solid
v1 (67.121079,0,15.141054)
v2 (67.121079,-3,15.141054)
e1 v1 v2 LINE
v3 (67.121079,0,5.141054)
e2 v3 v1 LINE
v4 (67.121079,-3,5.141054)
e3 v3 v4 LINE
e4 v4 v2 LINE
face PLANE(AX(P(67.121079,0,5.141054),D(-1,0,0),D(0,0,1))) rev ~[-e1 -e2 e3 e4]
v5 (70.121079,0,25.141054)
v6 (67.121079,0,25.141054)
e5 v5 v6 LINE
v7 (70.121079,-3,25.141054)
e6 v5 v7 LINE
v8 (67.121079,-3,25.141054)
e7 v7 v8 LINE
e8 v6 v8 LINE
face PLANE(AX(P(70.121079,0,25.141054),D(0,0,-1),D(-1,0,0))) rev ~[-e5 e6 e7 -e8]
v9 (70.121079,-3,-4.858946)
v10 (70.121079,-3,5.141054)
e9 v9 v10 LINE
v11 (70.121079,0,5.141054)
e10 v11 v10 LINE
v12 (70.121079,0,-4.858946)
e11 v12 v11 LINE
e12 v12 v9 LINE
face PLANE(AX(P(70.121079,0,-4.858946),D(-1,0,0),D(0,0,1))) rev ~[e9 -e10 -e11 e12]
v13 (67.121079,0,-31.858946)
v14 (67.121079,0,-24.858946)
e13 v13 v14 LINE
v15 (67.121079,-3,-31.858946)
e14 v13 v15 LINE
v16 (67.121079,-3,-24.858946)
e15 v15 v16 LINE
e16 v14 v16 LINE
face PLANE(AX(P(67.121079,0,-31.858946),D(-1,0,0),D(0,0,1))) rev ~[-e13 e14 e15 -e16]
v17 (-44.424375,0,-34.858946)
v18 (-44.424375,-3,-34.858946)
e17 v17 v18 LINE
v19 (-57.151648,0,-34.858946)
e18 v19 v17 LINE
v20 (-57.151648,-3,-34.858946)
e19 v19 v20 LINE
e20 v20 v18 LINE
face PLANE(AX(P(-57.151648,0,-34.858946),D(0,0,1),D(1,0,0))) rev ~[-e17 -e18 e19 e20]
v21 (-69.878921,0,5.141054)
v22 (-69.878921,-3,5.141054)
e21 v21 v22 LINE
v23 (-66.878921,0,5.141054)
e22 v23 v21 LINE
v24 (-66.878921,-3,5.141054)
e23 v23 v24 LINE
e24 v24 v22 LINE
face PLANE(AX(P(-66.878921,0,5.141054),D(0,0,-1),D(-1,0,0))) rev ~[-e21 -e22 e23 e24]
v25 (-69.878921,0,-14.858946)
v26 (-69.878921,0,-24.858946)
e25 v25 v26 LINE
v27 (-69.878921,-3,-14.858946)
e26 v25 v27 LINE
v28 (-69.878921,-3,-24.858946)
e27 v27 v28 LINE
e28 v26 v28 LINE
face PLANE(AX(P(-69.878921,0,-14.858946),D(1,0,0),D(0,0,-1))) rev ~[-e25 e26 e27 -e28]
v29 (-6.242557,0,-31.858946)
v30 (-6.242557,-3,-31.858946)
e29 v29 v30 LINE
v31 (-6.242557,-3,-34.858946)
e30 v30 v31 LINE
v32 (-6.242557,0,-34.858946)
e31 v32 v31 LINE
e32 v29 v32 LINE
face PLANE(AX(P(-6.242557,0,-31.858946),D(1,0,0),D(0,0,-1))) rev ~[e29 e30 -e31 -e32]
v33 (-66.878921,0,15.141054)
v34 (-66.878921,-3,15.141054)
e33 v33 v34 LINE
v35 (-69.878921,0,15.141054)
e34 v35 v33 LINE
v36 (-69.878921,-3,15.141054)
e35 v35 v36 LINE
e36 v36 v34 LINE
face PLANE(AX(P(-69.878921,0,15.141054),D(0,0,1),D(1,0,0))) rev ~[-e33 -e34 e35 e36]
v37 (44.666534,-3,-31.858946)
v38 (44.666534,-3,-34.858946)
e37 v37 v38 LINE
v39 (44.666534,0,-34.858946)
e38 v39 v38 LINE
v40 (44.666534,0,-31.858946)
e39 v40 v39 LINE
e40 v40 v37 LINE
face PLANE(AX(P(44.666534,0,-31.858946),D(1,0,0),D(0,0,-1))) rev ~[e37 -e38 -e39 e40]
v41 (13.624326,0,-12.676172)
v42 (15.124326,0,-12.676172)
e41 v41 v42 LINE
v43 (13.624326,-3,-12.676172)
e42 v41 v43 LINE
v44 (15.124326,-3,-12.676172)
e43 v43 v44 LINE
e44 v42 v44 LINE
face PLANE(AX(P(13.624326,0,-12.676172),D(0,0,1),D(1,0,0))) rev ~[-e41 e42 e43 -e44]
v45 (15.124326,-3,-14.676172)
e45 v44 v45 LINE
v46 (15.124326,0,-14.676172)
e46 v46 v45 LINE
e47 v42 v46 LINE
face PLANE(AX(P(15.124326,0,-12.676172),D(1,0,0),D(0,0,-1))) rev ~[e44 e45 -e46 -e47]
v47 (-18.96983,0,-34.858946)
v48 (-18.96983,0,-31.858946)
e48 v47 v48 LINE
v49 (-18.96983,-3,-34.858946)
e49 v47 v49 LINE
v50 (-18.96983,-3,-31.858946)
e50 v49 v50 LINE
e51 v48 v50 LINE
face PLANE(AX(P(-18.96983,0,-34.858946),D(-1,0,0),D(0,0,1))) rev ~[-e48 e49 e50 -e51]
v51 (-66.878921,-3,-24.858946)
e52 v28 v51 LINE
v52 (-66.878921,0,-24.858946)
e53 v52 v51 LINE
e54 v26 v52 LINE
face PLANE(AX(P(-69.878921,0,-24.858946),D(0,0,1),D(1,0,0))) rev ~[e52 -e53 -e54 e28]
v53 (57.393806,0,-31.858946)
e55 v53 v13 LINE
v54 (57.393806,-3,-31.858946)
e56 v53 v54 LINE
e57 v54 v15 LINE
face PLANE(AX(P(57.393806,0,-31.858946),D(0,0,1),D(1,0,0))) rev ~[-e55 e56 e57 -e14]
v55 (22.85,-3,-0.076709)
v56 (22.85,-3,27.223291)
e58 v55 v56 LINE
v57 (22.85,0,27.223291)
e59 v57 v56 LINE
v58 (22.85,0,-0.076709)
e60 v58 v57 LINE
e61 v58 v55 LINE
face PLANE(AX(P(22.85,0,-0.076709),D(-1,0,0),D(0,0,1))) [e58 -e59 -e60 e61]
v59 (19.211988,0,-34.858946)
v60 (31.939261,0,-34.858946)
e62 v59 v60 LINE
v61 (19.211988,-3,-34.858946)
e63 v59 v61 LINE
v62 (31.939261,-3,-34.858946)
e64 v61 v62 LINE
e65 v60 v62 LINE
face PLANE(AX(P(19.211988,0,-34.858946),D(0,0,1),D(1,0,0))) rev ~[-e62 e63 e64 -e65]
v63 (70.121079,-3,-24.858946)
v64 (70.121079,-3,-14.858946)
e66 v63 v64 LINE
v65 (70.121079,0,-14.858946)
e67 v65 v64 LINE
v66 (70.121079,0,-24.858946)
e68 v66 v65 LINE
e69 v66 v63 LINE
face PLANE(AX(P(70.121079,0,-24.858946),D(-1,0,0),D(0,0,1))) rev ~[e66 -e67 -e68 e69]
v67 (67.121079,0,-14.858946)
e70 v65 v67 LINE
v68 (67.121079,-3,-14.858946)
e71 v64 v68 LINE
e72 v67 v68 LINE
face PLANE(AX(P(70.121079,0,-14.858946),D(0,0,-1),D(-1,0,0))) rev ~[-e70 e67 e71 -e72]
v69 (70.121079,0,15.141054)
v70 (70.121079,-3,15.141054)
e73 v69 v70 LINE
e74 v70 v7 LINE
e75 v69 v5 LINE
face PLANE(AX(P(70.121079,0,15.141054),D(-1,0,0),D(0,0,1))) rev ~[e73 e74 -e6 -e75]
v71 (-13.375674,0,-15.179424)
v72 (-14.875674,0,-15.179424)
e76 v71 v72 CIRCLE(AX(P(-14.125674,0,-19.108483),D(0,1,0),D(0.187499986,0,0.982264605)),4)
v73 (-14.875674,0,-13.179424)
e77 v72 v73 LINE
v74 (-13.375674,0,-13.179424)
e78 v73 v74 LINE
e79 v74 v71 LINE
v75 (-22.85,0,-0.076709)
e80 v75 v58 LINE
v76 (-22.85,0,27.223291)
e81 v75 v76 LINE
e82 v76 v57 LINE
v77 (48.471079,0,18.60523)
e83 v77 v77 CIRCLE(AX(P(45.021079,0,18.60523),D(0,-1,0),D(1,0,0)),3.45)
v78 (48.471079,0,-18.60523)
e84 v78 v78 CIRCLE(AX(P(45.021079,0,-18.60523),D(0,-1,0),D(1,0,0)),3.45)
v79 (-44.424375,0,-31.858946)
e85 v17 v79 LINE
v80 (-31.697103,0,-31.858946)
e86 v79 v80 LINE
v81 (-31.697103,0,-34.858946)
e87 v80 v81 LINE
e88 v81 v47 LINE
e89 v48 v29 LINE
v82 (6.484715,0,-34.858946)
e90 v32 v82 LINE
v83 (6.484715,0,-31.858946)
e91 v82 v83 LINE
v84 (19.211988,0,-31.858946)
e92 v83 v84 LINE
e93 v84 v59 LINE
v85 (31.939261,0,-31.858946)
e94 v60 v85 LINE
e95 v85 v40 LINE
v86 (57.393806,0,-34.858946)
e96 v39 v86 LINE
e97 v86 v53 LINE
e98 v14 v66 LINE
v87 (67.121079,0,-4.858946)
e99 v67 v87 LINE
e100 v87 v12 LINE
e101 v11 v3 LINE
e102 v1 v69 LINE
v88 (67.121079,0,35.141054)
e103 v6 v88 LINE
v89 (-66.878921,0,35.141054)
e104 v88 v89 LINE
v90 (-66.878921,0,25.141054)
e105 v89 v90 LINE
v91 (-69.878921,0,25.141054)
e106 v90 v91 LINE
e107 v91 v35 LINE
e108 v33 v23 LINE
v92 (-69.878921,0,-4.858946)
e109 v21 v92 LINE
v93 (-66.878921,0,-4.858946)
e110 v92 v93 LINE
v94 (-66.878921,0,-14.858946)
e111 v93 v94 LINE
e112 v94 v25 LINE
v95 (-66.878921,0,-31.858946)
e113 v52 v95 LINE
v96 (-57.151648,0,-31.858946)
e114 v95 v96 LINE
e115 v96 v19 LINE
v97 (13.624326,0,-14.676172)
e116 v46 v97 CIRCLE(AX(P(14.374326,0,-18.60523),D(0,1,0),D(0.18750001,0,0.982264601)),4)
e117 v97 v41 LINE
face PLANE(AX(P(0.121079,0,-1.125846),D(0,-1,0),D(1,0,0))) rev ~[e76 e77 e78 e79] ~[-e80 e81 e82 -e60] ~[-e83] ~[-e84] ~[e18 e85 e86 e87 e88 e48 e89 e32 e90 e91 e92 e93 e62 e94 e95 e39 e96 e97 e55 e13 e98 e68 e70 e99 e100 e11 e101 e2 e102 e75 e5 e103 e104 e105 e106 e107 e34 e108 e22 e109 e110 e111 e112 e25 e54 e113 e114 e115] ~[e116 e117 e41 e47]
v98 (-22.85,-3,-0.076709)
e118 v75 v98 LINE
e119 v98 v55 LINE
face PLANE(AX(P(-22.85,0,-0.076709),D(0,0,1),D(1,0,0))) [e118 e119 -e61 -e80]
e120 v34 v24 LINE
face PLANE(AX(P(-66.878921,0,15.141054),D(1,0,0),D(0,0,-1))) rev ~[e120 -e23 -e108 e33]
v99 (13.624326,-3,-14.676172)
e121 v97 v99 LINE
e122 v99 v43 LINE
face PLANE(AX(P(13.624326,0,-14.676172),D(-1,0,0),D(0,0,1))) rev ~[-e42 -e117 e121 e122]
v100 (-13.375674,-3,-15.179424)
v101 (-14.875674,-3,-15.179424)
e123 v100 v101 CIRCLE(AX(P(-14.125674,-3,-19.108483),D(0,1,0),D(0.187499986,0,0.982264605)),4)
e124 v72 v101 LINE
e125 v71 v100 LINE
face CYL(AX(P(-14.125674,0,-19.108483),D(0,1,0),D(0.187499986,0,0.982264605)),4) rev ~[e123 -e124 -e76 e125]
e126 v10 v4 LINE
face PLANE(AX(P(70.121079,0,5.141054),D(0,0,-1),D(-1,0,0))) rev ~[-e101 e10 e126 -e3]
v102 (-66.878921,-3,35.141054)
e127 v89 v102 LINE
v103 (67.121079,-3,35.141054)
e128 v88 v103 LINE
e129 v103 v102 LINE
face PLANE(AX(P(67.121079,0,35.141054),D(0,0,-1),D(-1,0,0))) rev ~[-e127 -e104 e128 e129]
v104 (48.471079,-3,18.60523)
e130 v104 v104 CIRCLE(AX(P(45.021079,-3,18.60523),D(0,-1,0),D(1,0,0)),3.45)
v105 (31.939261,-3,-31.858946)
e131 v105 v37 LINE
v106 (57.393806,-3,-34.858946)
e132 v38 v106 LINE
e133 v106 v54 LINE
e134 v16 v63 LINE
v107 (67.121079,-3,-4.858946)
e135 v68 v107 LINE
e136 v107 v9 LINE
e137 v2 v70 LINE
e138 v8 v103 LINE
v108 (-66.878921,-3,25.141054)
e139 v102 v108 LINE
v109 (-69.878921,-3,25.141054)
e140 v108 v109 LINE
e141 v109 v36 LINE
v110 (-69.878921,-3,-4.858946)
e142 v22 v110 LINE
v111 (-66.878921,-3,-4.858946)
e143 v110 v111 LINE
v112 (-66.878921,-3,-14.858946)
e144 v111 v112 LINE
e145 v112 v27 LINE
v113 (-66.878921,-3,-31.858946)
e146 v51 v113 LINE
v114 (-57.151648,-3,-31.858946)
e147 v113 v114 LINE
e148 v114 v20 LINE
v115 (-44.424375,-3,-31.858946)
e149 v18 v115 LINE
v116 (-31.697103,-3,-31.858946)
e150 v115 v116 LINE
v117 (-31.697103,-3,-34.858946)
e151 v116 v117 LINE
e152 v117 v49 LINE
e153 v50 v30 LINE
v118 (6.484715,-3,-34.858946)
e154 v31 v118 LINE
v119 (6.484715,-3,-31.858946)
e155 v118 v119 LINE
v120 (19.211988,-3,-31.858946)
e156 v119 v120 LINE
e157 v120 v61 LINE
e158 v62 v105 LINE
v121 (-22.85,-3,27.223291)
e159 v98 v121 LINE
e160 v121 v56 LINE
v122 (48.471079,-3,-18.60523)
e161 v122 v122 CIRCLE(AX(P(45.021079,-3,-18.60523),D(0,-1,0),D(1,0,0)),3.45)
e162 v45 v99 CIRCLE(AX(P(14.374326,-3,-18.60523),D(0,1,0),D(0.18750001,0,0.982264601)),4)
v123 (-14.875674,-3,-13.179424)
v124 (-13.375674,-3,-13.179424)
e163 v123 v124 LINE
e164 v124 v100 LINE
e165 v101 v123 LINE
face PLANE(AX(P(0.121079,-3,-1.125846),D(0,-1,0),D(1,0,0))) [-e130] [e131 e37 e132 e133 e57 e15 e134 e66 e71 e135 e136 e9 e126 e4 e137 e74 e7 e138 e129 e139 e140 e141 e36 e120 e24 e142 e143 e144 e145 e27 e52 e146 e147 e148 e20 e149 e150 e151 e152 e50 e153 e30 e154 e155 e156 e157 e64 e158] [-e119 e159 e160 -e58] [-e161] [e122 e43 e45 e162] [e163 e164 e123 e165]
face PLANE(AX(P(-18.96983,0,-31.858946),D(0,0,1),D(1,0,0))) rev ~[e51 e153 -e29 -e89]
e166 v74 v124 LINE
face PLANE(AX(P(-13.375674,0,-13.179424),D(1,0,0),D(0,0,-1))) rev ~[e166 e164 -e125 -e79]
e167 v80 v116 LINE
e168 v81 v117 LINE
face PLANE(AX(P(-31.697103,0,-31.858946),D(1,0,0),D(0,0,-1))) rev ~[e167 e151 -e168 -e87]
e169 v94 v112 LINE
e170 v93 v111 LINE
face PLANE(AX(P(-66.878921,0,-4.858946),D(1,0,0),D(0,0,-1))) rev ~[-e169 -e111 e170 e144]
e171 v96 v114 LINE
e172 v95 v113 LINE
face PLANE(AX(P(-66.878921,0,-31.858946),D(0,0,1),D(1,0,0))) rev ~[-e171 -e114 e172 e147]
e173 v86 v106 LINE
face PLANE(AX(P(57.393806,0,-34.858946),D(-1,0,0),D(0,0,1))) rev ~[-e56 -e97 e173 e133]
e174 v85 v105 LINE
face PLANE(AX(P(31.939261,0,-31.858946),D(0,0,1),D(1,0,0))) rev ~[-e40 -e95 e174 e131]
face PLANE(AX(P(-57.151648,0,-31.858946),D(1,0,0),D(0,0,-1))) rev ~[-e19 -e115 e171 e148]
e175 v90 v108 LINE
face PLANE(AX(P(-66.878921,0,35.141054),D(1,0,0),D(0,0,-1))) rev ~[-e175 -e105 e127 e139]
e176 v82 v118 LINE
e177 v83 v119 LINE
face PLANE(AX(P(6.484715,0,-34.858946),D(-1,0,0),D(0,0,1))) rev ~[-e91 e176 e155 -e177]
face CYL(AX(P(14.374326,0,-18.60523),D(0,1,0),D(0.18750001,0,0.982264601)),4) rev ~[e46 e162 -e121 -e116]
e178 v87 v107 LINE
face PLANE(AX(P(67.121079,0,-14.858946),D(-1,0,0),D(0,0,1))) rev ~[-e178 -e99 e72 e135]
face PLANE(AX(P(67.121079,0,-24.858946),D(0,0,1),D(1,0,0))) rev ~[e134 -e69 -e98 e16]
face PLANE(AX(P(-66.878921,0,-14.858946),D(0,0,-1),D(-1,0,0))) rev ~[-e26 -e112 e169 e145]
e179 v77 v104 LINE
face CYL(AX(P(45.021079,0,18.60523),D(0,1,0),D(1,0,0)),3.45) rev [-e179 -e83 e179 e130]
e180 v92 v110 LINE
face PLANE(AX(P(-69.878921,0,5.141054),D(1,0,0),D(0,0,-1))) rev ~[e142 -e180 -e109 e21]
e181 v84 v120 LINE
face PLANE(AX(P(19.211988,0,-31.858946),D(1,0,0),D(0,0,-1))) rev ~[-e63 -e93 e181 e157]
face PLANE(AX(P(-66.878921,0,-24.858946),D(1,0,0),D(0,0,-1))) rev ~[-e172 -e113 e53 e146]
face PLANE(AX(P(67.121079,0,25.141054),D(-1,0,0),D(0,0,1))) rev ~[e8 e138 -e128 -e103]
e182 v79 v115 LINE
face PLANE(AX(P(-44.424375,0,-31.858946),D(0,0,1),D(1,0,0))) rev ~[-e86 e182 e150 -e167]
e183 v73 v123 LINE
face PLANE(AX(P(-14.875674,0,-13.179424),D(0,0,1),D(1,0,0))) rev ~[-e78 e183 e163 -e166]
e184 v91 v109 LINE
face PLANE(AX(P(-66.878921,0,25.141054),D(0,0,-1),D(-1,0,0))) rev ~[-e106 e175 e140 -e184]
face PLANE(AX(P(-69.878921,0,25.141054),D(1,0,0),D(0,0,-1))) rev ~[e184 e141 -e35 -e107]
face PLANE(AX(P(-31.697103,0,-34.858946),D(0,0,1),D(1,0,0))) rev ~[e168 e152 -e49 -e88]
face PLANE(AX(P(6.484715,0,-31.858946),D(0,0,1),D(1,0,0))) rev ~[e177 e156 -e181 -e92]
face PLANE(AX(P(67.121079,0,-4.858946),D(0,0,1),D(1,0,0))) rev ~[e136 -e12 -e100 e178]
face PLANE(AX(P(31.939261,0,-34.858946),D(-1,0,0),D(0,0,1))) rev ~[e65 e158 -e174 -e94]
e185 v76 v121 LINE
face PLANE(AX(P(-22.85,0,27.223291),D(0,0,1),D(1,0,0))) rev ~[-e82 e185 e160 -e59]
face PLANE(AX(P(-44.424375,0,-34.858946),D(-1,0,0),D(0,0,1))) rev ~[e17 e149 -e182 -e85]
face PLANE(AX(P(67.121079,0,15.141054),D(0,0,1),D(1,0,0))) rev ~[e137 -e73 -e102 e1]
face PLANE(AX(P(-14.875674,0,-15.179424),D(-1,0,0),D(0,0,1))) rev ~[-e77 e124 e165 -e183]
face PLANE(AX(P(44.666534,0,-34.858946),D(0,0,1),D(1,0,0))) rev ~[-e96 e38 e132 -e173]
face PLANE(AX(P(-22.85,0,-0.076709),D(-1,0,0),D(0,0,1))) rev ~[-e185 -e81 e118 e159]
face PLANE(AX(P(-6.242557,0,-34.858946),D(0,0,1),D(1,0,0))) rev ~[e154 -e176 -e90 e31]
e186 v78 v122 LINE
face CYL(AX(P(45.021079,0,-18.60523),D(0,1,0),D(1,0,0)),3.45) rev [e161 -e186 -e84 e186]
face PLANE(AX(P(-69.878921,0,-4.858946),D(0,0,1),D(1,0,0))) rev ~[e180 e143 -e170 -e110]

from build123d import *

# Parameters (mm, degrees)
F0_R     = 3.45
F0_W     = 45.7
F0_H     = 27.3
F1_DEPTH = 3


with BuildPart() as f1:
    # F0 (on Front) → F1 (new body)
    with BuildSketch(Plane.XZ):
        Polygon((67.121079, 25.141054), (67.121079, 35.141054), (-66.878921, 35.141054), (-66.878921, 25.141054), (-69.878921, 25.141054), (-69.878921, 15.141054), (-66.878921, 15.141054), (-66.878921, 5.141054), (-69.878921, 5.141054), (-69.878921, -4.858946), (-66.878921, -4.858946), (-66.878921, -14.858946), (-69.878921, -14.858946), (-69.878921, -24.858946), (-66.878921, -24.858946), (-66.878921, -31.858946), (-57.151648, -31.858946), (-57.151648, -34.858946), (-44.424375, -34.858946), (-44.424375, -31.858946), (-31.697103, -31.858946), (-31.697103, -34.858946), (-18.96983, -34.858946), (-18.96983, -31.858946), (-6.242557, -31.858946), (-6.242557, -34.858946), (6.484715, -34.858946), (6.484715, -31.858946), (19.211988, -31.858946), (19.211988, -34.858946), (31.939261, -34.858946), (31.939261, -31.858946), (44.666534, -31.858946), (44.666534, -34.858946), (57.393806, -34.858946), (57.393806, -31.858946), (67.121079, -31.858946), (67.121079, -24.858946), (70.121079, -24.858946), (70.121079, -14.858946), (67.121079, -14.858946), (67.121079, -4.858946), (70.121079, -4.858946), (70.121079, 5.141054), (67.121079, 5.141054), (67.121079, 15.141054), (70.121079, 15.141054), (70.121079, 25.141054), align=None)
        with BuildLine():
            ThreePointArc((-13.375674, -15.179424), (-14.125674, -23.108483), (-14.875674, -15.179424))
            Line((-14.875674, -15.179424), (-14.875674, -13.179424))
            Line((-14.875674, -13.179424), (-13.375674, -13.179424))
            Line((-13.375674, -13.179424), (-13.375674, -15.179424))
        make_face(mode=Mode.SUBTRACT)
        with BuildLine():
            ThreePointArc((15.124326, -14.676172), (14.374326, -22.60523), (13.624326, -14.676172))
            Line((13.624326, -14.676172), (13.624326, -12.676172))
            Line((13.624326, -12.676172), (15.124326, -12.676172))
            Line((15.124326, -12.676172), (15.124326, -14.676172))
        make_face(mode=Mode.SUBTRACT)
        with Locations((45.021079, -18.60523)):
            Circle(F0_R, mode=Mode.SUBTRACT)
        with Locations((0, 13.573291)):
            Rectangle(F0_W, F0_H, mode=Mode.SUBTRACT)
        with Locations((45.021079, 18.60523)):
            Circle(F0_R, mode=Mode.SUBTRACT)
    extrude(amount=F1_DEPTH)


solid = f1.part
